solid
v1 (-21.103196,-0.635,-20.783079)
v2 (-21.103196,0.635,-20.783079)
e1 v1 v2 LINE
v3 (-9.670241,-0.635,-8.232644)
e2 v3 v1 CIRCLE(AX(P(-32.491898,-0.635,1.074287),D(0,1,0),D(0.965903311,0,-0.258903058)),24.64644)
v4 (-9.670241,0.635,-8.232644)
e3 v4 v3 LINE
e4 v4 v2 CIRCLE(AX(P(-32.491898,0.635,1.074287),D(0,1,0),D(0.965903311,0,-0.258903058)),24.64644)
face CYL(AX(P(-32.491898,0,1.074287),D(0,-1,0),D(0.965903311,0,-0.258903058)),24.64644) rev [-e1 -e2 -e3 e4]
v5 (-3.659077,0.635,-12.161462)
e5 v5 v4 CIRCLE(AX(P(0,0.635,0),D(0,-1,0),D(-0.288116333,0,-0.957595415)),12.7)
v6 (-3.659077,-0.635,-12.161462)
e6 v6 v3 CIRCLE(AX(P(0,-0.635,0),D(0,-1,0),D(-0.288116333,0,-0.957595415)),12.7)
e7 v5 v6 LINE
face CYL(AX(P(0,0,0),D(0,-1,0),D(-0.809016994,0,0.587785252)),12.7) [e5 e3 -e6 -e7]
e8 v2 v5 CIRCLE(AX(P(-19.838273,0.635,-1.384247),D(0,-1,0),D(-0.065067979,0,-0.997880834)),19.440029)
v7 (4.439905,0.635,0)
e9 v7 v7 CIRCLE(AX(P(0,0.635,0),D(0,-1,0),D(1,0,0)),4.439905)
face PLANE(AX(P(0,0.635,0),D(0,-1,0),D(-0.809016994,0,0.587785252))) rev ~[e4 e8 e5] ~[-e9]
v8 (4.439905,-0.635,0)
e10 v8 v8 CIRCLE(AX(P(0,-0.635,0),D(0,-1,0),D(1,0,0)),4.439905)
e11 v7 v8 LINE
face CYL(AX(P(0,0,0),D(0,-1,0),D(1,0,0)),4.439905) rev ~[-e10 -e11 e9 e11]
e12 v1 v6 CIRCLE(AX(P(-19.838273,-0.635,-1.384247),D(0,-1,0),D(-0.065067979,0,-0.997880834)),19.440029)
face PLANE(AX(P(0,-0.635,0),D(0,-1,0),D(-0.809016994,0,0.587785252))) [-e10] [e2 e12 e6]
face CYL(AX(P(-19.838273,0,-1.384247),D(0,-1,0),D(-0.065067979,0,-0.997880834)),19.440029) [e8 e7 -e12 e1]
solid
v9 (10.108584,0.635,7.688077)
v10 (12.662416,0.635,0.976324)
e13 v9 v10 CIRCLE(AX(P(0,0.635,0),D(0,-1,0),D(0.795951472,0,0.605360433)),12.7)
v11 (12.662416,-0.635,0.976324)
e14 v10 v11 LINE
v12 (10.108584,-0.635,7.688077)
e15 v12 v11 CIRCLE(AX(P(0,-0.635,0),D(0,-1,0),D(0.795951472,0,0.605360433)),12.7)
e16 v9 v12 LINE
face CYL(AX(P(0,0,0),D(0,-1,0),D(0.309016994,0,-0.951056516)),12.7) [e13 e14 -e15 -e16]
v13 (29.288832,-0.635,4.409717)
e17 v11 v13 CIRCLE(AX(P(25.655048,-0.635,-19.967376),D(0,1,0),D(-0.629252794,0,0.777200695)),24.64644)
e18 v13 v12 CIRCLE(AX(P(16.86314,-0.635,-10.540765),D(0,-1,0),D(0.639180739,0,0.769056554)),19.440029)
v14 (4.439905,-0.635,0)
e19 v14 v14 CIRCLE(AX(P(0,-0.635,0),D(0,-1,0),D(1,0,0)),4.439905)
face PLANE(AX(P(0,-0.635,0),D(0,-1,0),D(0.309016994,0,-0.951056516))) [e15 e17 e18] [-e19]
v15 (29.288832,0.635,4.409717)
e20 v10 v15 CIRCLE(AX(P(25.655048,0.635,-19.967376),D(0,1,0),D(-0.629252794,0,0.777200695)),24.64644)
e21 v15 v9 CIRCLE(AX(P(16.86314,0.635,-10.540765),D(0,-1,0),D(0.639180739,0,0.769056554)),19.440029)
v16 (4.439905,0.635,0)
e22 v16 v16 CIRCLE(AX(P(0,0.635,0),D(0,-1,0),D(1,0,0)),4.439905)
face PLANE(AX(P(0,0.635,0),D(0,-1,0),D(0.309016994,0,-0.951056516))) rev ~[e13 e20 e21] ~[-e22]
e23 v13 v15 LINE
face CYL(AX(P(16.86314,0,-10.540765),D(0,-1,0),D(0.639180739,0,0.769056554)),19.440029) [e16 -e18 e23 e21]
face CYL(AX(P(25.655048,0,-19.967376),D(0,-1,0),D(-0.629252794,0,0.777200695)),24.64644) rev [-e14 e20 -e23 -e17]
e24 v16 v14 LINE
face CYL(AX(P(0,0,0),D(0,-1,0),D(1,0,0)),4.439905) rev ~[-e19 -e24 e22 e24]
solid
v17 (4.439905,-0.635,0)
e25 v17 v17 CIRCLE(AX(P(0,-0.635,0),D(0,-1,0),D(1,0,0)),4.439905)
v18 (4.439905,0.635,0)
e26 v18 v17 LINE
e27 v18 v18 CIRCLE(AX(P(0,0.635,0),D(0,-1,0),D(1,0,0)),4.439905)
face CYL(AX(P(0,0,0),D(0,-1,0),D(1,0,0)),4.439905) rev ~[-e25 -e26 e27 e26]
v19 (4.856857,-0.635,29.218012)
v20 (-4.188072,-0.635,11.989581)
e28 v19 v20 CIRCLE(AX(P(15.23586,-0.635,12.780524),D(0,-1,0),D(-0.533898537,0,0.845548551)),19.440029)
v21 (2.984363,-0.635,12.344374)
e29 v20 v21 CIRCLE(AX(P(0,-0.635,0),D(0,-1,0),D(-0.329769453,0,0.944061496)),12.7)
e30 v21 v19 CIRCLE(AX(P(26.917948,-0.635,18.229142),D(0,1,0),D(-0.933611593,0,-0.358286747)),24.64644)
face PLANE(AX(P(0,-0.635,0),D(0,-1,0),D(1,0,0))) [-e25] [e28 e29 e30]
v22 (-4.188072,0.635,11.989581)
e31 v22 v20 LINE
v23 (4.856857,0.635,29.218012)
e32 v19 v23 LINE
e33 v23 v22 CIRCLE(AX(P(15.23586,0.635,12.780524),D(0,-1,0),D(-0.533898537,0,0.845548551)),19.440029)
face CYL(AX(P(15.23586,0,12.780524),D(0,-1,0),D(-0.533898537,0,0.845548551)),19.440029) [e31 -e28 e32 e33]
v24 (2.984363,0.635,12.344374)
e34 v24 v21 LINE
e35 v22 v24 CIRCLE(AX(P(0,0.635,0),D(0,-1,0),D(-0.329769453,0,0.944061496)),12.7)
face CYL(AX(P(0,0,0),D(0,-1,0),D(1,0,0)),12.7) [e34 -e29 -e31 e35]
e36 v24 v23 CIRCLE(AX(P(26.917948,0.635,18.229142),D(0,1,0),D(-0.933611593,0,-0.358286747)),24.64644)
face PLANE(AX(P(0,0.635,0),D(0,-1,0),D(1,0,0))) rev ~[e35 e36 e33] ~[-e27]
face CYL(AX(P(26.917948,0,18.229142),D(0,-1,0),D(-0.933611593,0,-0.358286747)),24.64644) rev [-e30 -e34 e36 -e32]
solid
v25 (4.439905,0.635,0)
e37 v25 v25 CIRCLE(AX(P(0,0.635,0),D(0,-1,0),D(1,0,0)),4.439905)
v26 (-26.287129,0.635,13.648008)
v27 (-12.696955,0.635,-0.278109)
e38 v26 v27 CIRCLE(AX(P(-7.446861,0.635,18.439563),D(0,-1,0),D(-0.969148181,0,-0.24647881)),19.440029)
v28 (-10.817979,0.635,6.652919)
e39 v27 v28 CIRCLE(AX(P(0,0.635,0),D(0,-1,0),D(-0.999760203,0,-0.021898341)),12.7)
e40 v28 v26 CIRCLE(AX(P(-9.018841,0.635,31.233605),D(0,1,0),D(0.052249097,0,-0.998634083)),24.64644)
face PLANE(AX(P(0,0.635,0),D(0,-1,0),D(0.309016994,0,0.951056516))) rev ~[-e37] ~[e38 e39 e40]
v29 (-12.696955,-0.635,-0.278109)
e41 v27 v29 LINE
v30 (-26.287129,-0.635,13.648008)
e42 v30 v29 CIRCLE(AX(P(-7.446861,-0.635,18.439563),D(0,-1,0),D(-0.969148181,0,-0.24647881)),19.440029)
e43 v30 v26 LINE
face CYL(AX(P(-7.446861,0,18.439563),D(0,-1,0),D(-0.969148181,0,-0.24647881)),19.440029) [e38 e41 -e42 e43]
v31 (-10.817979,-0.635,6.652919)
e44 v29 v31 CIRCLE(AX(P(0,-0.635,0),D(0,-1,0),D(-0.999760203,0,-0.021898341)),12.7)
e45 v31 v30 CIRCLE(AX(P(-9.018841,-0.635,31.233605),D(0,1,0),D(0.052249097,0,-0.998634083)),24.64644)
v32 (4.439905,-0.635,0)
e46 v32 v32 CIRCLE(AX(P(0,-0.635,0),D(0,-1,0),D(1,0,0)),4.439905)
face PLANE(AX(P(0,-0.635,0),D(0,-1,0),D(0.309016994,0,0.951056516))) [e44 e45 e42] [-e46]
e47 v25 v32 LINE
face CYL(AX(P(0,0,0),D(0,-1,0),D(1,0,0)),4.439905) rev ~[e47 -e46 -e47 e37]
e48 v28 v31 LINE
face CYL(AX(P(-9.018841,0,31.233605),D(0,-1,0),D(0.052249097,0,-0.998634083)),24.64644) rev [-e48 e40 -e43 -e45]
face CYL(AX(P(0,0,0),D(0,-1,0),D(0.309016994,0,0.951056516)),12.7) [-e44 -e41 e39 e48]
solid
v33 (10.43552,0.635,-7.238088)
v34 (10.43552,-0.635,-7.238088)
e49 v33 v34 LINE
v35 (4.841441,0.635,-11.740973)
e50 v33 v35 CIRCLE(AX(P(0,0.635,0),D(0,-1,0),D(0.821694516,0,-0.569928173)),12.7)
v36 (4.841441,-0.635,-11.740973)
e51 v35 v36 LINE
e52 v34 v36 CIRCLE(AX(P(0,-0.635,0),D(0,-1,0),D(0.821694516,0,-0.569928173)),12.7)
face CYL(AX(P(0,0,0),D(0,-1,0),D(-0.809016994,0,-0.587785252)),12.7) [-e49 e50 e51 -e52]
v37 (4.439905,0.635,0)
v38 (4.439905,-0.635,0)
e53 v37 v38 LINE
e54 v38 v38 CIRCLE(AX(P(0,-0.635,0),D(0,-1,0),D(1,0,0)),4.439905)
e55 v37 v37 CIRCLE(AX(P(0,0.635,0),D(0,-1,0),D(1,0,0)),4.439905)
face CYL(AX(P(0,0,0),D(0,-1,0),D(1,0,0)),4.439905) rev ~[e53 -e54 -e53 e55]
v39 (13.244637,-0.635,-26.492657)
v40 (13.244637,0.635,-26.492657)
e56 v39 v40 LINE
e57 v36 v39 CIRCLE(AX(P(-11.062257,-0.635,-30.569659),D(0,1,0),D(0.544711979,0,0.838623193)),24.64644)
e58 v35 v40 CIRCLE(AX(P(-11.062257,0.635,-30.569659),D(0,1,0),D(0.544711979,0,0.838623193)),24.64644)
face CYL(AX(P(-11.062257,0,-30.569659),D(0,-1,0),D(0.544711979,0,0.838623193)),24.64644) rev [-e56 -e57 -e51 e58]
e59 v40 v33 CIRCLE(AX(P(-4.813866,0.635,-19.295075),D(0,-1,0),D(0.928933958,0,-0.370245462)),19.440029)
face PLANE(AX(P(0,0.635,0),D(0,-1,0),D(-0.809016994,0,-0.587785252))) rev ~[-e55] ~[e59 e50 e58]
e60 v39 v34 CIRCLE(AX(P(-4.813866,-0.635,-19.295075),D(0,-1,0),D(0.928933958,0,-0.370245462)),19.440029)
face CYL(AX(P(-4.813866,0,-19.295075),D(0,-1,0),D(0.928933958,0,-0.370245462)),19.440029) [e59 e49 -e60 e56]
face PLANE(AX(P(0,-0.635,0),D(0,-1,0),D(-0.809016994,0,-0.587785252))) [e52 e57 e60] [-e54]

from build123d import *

# Parameters (mm, degrees)
F0_R     = 12.7
F1_DEPTH = 0.635
F3_DEPTH = 0.635
F4_COUNT = 5
F5_R     = 4.439905
F6_DEPTH = 0.635


with BuildPart() as f1:
    # F0 (on Front) → F1 (new body, symmetric)
    with BuildSketch(Plane.XZ):
        Circle(F0_R)
    extrude(amount=F1_DEPTH, both=True)

    # F2 (on Front) → F3 (join, symmetric)
    with BuildSketch(Plane.XZ):
        with BuildLine():
            Line((-3.907746, 9.398649), (3.907746, 9.398649))
            ThreePointArc((3.907746, 9.398649), (2.29972, 19.408061), (4.856857, 29.218012))
            ThreePointArc((4.856857, 29.218012), (-2.543282, 20.642892), (-3.907746, 9.398649))
        make_face()
    extrude(amount=F3_DEPTH, both=True)


with BuildPart() as f4_1:
    # F4: instance of F1
    add(f1.part.rotate(Axis((0, -0.635, 0), (0, 1, 0)), 1 * 360 / F4_COUNT))


with BuildPart() as f4_2:
    # F4: instance of F1
    add(f1.part.rotate(Axis((0, -0.635, 0), (0, 1, 0)), 2 * 360 / F4_COUNT))


with BuildPart() as f4_3:
    # F4: instance of F1
    add(f1.part.rotate(Axis((0, -0.635, 0), (0, 1, 0)), 3 * 360 / F4_COUNT))


with BuildPart() as f4_4:
    # F4: instance of F1
    add(f1.part.rotate(Axis((0, -0.635, 0), (0, 1, 0)), 4 * 360 / F4_COUNT))


with BuildPart() as f6_tool:
    # F5 (on Front) → F6 (new body, symmetric)
    with BuildSketch(Plane.XZ):
        Circle(F5_R)
    extrude(amount=F6_DEPTH, both=True)


with BuildPart() as f1_1:
    add(f1.part)

    # F6: cut by f6_tool
    add(f6_tool.part, mode=Mode.SUBTRACT)


with BuildPart() as f4_1_1:
    add(f4_1.part)

    # F6: cut by f6_tool
    add(f6_tool.part, mode=Mode.SUBTRACT)


with BuildPart() as f4_2_1:
    add(f4_2.part)

    # F6: cut by f6_tool
    add(f6_tool.part, mode=Mode.SUBTRACT)


with BuildPart() as f4_3_1:
    add(f4_3.part)

    # F6: cut by f6_tool
    add(f6_tool.part, mode=Mode.SUBTRACT)


with BuildPart() as f4_4_1:
    add(f4_4.part)

    # F6: cut by f6_tool
    add(f6_tool.part, mode=Mode.SUBTRACT)


solid = Compound([f1_1.part, f4_1_1.part, f4_2_1.part, f4_3_1.part, f4_4_1.part])
